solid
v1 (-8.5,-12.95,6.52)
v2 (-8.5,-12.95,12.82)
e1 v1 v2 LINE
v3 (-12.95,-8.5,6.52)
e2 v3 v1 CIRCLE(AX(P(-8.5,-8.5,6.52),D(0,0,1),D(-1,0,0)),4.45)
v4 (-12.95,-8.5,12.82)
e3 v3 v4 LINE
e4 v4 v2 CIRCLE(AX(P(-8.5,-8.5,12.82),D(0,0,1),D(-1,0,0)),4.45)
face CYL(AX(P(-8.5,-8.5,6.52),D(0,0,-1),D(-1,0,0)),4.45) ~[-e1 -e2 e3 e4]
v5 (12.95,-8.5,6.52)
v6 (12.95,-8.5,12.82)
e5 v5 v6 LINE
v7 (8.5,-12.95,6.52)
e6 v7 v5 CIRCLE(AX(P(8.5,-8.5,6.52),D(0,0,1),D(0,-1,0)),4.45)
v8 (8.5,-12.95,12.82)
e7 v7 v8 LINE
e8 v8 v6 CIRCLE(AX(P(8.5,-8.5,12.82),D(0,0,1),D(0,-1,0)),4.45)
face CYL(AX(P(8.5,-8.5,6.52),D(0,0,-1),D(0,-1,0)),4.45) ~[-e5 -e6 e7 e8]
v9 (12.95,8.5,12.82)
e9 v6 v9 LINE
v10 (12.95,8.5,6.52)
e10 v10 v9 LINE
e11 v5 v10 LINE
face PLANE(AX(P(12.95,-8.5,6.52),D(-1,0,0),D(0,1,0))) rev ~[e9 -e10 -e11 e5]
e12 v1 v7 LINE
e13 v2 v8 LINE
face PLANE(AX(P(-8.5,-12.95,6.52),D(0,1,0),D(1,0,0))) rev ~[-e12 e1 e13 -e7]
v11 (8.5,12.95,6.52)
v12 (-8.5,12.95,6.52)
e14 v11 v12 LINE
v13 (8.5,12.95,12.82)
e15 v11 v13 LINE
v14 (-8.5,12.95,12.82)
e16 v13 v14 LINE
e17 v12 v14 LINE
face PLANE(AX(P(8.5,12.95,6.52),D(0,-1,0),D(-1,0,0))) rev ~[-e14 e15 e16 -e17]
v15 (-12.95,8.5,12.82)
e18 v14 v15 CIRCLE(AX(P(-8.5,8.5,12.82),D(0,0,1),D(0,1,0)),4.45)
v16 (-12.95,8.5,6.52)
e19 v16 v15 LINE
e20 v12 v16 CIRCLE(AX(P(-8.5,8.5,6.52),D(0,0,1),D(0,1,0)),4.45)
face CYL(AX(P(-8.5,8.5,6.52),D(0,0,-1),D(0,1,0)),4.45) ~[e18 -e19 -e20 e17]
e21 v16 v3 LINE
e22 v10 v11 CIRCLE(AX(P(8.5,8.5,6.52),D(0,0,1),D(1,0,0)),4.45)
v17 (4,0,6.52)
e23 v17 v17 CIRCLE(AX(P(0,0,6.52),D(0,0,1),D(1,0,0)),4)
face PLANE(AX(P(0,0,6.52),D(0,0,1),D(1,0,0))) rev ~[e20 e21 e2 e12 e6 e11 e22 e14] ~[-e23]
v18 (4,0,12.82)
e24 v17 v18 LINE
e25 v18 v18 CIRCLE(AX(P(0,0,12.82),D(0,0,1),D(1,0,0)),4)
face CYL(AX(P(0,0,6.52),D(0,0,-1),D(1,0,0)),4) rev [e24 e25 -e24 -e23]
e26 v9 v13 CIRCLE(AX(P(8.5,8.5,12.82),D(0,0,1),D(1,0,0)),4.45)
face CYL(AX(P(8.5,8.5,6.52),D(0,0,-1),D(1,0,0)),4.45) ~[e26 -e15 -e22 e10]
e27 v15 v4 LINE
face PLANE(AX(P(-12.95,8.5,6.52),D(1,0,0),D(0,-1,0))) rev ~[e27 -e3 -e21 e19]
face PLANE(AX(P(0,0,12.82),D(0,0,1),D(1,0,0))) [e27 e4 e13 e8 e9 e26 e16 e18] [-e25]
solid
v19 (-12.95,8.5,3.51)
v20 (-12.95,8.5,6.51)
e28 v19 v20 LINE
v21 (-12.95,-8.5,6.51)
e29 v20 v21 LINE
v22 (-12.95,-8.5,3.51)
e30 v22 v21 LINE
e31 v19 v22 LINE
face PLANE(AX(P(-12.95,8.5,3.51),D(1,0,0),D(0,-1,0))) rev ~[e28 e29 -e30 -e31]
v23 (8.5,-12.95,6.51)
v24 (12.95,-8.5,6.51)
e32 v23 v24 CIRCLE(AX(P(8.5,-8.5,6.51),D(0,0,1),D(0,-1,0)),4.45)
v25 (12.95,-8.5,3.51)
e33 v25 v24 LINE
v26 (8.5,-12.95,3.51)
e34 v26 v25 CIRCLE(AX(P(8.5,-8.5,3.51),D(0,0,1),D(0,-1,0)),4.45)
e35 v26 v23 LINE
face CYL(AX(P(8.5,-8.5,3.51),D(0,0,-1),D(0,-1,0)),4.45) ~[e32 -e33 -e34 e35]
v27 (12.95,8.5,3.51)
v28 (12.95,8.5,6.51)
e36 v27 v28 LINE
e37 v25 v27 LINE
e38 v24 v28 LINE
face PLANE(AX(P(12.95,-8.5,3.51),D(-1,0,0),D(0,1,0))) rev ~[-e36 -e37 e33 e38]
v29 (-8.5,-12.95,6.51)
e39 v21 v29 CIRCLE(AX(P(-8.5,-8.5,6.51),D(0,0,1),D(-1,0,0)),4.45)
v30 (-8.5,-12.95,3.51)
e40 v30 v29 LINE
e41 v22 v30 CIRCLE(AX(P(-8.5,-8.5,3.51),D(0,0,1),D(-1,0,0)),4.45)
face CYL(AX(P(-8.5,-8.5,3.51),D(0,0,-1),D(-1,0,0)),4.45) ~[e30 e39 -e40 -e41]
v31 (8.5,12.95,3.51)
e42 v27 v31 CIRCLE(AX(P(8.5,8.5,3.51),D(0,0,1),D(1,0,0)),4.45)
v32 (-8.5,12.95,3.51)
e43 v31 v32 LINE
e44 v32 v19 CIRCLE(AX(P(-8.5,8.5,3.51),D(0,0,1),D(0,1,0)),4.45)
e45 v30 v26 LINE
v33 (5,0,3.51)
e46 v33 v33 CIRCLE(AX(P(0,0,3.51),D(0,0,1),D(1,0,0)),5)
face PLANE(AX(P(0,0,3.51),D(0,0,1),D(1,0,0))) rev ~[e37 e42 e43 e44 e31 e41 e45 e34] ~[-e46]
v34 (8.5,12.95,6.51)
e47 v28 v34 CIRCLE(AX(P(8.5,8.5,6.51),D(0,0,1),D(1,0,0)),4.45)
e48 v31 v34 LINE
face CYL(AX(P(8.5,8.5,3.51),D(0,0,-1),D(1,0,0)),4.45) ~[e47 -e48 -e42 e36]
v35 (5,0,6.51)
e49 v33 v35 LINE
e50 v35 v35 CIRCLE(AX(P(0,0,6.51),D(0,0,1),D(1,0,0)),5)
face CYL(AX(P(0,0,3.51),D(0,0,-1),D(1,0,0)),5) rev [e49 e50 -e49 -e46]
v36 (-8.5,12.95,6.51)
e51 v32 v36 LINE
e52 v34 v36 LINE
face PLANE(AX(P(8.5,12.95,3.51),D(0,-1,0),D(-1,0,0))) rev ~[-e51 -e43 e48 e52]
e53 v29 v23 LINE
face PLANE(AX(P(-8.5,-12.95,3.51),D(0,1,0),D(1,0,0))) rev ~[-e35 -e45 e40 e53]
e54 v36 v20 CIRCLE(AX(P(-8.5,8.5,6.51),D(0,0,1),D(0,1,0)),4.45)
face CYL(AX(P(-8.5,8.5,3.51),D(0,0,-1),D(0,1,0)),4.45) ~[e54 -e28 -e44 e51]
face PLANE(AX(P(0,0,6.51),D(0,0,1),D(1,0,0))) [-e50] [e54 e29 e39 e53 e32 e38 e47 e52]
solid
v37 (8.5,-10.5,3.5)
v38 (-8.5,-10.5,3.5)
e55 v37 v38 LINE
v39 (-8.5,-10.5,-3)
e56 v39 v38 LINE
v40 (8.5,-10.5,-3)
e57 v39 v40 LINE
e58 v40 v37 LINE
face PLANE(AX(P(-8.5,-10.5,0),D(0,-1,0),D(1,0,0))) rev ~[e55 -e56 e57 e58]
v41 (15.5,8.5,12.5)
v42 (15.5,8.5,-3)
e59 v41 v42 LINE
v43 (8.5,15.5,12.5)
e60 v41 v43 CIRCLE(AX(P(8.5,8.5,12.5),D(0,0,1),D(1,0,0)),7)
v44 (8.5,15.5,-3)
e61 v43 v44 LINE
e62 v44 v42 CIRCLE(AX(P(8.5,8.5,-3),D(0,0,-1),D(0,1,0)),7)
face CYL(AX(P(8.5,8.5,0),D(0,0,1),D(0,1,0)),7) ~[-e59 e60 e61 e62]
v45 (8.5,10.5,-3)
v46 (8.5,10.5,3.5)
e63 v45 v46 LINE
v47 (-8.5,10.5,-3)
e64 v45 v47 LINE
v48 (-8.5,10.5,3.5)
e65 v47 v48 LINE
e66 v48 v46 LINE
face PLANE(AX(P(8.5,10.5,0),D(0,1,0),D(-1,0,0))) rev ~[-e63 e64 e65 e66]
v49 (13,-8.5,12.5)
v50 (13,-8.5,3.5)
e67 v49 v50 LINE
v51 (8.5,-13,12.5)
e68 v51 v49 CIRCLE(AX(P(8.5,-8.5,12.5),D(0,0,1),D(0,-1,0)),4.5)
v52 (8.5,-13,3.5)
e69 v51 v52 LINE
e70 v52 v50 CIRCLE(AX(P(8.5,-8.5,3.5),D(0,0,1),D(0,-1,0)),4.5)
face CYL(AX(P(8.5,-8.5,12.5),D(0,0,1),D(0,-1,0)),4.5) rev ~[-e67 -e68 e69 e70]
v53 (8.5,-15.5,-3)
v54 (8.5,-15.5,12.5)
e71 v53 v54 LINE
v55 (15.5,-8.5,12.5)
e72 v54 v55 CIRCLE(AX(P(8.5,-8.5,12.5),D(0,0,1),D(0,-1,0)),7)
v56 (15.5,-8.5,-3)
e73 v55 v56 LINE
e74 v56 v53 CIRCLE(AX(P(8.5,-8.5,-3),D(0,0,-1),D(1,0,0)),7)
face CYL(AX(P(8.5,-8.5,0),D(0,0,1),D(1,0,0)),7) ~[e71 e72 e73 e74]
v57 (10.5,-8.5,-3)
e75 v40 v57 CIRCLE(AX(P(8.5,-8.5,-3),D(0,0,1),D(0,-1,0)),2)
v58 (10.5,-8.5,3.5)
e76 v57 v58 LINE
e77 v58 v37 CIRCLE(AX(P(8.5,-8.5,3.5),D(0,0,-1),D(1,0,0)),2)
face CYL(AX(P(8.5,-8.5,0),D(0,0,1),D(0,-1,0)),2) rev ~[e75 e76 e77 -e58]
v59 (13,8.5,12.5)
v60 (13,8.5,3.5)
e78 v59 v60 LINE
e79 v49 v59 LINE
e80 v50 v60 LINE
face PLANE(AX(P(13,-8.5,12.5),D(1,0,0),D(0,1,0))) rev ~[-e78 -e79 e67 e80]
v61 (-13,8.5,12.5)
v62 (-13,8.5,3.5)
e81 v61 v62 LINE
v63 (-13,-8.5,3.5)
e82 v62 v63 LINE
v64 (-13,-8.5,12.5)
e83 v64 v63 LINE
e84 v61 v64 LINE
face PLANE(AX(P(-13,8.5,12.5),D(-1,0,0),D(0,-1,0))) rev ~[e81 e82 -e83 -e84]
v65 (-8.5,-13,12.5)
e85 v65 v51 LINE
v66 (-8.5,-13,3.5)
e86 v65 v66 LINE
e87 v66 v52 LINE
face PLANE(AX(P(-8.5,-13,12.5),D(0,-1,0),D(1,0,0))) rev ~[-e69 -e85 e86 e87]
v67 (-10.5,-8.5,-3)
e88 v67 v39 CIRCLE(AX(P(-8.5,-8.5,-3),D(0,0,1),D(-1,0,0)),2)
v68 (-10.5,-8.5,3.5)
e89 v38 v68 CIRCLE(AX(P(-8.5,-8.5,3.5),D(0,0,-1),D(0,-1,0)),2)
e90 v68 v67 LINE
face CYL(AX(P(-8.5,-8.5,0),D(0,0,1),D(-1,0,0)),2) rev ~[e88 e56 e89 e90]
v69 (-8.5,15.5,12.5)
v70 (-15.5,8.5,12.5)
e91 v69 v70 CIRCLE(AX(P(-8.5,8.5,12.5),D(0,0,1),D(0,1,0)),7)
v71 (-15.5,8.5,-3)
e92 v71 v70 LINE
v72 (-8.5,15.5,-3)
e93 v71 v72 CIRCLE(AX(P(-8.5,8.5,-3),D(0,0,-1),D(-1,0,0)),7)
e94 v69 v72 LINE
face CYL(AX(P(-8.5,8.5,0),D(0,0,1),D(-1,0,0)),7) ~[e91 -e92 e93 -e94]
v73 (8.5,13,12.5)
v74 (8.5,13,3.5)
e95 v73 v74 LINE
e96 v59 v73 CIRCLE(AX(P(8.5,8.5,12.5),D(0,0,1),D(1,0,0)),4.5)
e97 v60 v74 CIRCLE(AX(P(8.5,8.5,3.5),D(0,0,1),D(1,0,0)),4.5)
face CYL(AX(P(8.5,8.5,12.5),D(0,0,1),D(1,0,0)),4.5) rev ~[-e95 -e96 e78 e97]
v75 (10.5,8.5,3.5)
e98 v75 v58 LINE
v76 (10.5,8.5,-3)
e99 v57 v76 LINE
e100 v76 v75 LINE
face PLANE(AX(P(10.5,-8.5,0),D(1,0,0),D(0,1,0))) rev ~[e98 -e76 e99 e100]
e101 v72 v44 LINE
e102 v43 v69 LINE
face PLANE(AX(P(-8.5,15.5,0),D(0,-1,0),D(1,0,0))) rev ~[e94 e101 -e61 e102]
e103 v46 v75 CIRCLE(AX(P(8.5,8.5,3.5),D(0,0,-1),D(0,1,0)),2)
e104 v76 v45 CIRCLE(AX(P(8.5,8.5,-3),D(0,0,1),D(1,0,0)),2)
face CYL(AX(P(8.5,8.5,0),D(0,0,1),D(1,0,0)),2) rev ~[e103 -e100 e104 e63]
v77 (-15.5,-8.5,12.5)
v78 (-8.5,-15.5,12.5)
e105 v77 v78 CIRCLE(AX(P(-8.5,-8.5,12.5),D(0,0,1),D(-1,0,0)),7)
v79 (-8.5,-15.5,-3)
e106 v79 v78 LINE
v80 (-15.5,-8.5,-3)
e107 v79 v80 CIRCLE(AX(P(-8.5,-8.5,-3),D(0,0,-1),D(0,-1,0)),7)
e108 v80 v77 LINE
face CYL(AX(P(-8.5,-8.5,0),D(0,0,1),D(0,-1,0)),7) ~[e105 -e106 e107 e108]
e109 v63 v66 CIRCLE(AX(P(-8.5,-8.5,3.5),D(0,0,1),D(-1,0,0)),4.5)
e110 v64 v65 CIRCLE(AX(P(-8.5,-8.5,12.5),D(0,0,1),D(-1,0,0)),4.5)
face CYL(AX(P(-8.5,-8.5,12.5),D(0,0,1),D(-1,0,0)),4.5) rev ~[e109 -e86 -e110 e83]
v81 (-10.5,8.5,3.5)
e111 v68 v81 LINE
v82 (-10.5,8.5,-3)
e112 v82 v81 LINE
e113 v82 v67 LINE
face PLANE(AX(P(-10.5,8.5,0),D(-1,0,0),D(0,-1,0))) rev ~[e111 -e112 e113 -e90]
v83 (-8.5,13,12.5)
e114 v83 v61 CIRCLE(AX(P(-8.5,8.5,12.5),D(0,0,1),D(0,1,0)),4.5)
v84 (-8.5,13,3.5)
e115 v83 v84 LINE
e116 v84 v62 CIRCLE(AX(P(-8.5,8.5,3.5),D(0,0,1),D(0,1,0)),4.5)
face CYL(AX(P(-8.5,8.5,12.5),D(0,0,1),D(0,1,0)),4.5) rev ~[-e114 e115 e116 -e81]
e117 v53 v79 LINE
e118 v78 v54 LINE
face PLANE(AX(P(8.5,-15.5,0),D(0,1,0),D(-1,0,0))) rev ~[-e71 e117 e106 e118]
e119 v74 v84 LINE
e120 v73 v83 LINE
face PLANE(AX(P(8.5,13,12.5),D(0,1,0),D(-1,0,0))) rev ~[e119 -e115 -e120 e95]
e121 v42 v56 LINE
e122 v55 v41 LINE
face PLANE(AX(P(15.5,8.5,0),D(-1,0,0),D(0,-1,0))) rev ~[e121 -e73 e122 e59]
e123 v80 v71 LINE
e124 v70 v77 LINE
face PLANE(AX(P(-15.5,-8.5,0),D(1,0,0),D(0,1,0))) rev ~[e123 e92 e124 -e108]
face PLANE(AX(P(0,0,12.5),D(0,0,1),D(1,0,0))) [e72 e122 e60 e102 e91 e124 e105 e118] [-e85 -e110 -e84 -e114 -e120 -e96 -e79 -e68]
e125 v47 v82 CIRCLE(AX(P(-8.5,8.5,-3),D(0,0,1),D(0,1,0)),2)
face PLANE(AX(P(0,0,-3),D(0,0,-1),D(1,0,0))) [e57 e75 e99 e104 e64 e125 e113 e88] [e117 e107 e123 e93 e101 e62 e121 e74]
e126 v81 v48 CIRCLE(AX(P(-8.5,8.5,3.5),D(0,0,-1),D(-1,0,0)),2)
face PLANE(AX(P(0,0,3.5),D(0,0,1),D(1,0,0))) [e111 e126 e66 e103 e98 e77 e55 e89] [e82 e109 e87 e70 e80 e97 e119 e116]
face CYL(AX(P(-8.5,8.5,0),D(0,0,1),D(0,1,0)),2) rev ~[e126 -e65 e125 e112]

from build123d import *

# Parameters (mm, degrees)
F1_DEPTH  = 12.5
F3_DEPTH  = 9
F5_R      = 5
F6_DEPTH  = 3
F8_R      = 4
F9_DEPTH  = 6.3
F11_DEPTH = 3


with BuildPart() as f1:
    # F0 (on Top) → F1 (new body)
    with BuildSketch(Plane.XY):
        with BuildLine():
            Line((8.5, 15.5), (-8.5, 15.5))
            ThreePointArc((-8.5, 15.5), (-13.4497474683, 13.4497474683), (-15.5, 8.5))
            Line((-15.5, 8.5), (-15.5, -8.5))
            ThreePointArc((-15.5, -8.5), (-13.4497474683, -13.4497474683), (-8.5, -15.5))
            Line((-8.5, -15.5), (8.5, -15.5))
            ThreePointArc((8.5, -15.5), (13.4497474683, -13.4497474683), (15.5, -8.5))
            Line((15.5, -8.5), (15.5, 8.5))
            ThreePointArc((15.5, 8.5), (13.4497474683, 13.4497474683), (8.5, 15.5))
        make_face()
        with BuildLine():
            ThreePointArc((-10.5, 8.5), (-9.9142135624, 9.9142135624), (-8.5, 10.5))
            Line((-8.5, 10.5), (8.5, 10.5))
            ThreePointArc((8.5, 10.5), (9.9142135624, 9.9142135624), (10.5, 8.5))
            Line((10.5, 8.5), (10.5, -8.5))
            ThreePointArc((10.5, -8.5), (9.9142135624, -9.9142135624), (8.5, -10.5))
            Line((8.5, -10.5), (-8.5, -10.5))
            ThreePointArc((-8.5, -10.5), (-9.9142135624, -9.9142135624), (-10.5, -8.5))
            Line((-10.5, -8.5), (-10.5, 8.5))
        make_face(mode=Mode.SUBTRACT)
    extrude(amount=F1_DEPTH)

    # F2 (on face) → F3 (cut)
    with BuildSketch(Plane.XY.offset(12.5)):
        with BuildLine():
            Line((8.5, 13), (-8.5, 13))
            ThreePointArc((-8.5, 13), (-11.6819805153, 11.6819805153), (-13, 8.5))
            Line((-13, 8.5), (-13, -8.5))
            ThreePointArc((-13, -8.5), (-11.6819805153, -11.6819805153), (-8.5, -13))
            Line((-8.5, -13), (8.5, -13))
            ThreePointArc((8.5, -13), (11.6819805153, -11.6819805153), (13, -8.5))
            Line((13, -8.5), (13, 8.5))
            ThreePointArc((13, 8.5), (11.6819805153, 11.6819805153), (8.5, 13))
        make_face()
        with BuildLine():
            ThreePointArc((-10.5, 8.5), (-9.9142135624, 9.9142135624), (-8.5, 10.5))
            Line((-8.5, 10.5), (8.5, 10.5))
            ThreePointArc((8.5, 10.5), (9.9142135624, 9.9142135624), (10.5, 8.5))
            Line((10.5, 8.5), (10.5, -8.5))
            ThreePointArc((10.5, -8.5), (9.9142135624, -9.9142135624), (8.5, -10.5))
            Line((8.5, -10.5), (-8.5, -10.5))
            ThreePointArc((-8.5, -10.5), (-9.9142135624, -9.9142135624), (-10.5, -8.5))
            Line((-10.5, -8.5), (-10.5, 8.5))
        make_face(mode=Mode.SUBTRACT)
    extrude(amount=-F3_DEPTH, mode=Mode.SUBTRACT)

    # F10 (on face) → F11 (join)
    with BuildSketch(Plane(origin=(0, 0, 0), x_dir=(1, 0, 0), z_dir=(0, 0, -1))):
        with BuildLine():
            ThreePointArc((-15.5, -8.5), (-13.4497474683, -13.4497474683), (-8.5, -15.5))
            Line((-8.5, -15.5), (8.5, -15.5))
            ThreePointArc((8.5, -15.5), (13.4497474683, -13.4497474683), (15.5, -8.5))
            Line((15.5, -8.5), (15.5, 8.5))
            ThreePointArc((15.5, 8.5), (13.4497474683, 13.4497474683), (8.5, 15.5))
            Line((8.5, 15.5), (-8.5, 15.5))
            ThreePointArc((-8.5, 15.5), (-13.4497474683, 13.4497474683), (-15.5, 8.5))
            Line((-15.5, 8.5), (-15.5, -8.5))
        make_face()
        with BuildLine():
            ThreePointArc((-10.5, 8.5), (-9.9142135624, 9.9142135624), (-8.5, 10.5))
            Line((-8.5, 10.5), (8.5, 10.5))
            ThreePointArc((8.5, 10.5), (9.9142135624, 9.9142135624), (10.5, 8.5))
            Line((10.5, 8.5), (10.5, -8.5))
            ThreePointArc((10.5, -8.5), (9.9142135624, -9.9142135624), (8.5, -10.5))
            Line((8.5, -10.5), (-8.5, -10.5))
            ThreePointArc((-8.5, -10.5), (-9.9142135624, -9.9142135624), (-10.5, -8.5))
            Line((-10.5, -8.5), (-10.5, 8.5))
        make_face(mode=Mode.SUBTRACT)
    extrude(amount=F11_DEPTH)


with BuildPart() as f6:
    # F5 (on offset) → F6 (new body)
    with BuildSketch(Plane.XY.offset(3.51)):
        with BuildLine():
            Line((8.5, 12.95), (-8.5, 12.95))
            ThreePointArc((-8.5, 12.95), (-11.6466251763, 11.6466251763), (-12.95, 8.5))
            Line((-12.95, 8.5), (-12.95, -8.5))
            ThreePointArc((-12.95, -8.5), (-11.6466251763, -11.6466251763), (-8.5, -12.95))
            Line((-8.5, -12.95), (8.5, -12.95))
            ThreePointArc((8.5, -12.95), (11.6466251763, -11.6466251763), (12.95, -8.5))
            Line((12.95, -8.5), (12.95, 8.5))
            ThreePointArc((12.95, 8.5), (11.6466251763, 11.6466251763), (8.5, 12.95))
        make_face()
        Circle(F5_R, mode=Mode.SUBTRACT)
    extrude(amount=F6_DEPTH)


with BuildPart() as f9:
    # F8 (on offset) → F9 (new body)
    with BuildSketch(Plane.XY.offset(6.52)):
        with BuildLine():
            ThreePointArc((12.95, 8.5), (11.6466251763, 11.6466251763), (8.5, 12.95))
            Line((8.5, 12.95), (-8.5, 12.95))
            ThreePointArc((-8.5, 12.95), (-11.6466251763, 11.6466251763), (-12.95, 8.5))
            Line((-12.95, 8.5), (-12.95, -8.5))
            ThreePointArc((-12.95, -8.5), (-11.6466251763, -11.6466251763), (-8.5, -12.95))
            Line((-8.5, -12.95), (8.5, -12.95))
            ThreePointArc((8.5, -12.95), (11.6466251763, -11.6466251763), (12.95, -8.5))
            Line((12.95, -8.5), (12.95, 8.5))
        make_face()
        Circle(F8_R, mode=Mode.SUBTRACT)
    extrude(amount=F9_DEPTH)


solid = Compound([f1.part, f6.part, f9.part])
